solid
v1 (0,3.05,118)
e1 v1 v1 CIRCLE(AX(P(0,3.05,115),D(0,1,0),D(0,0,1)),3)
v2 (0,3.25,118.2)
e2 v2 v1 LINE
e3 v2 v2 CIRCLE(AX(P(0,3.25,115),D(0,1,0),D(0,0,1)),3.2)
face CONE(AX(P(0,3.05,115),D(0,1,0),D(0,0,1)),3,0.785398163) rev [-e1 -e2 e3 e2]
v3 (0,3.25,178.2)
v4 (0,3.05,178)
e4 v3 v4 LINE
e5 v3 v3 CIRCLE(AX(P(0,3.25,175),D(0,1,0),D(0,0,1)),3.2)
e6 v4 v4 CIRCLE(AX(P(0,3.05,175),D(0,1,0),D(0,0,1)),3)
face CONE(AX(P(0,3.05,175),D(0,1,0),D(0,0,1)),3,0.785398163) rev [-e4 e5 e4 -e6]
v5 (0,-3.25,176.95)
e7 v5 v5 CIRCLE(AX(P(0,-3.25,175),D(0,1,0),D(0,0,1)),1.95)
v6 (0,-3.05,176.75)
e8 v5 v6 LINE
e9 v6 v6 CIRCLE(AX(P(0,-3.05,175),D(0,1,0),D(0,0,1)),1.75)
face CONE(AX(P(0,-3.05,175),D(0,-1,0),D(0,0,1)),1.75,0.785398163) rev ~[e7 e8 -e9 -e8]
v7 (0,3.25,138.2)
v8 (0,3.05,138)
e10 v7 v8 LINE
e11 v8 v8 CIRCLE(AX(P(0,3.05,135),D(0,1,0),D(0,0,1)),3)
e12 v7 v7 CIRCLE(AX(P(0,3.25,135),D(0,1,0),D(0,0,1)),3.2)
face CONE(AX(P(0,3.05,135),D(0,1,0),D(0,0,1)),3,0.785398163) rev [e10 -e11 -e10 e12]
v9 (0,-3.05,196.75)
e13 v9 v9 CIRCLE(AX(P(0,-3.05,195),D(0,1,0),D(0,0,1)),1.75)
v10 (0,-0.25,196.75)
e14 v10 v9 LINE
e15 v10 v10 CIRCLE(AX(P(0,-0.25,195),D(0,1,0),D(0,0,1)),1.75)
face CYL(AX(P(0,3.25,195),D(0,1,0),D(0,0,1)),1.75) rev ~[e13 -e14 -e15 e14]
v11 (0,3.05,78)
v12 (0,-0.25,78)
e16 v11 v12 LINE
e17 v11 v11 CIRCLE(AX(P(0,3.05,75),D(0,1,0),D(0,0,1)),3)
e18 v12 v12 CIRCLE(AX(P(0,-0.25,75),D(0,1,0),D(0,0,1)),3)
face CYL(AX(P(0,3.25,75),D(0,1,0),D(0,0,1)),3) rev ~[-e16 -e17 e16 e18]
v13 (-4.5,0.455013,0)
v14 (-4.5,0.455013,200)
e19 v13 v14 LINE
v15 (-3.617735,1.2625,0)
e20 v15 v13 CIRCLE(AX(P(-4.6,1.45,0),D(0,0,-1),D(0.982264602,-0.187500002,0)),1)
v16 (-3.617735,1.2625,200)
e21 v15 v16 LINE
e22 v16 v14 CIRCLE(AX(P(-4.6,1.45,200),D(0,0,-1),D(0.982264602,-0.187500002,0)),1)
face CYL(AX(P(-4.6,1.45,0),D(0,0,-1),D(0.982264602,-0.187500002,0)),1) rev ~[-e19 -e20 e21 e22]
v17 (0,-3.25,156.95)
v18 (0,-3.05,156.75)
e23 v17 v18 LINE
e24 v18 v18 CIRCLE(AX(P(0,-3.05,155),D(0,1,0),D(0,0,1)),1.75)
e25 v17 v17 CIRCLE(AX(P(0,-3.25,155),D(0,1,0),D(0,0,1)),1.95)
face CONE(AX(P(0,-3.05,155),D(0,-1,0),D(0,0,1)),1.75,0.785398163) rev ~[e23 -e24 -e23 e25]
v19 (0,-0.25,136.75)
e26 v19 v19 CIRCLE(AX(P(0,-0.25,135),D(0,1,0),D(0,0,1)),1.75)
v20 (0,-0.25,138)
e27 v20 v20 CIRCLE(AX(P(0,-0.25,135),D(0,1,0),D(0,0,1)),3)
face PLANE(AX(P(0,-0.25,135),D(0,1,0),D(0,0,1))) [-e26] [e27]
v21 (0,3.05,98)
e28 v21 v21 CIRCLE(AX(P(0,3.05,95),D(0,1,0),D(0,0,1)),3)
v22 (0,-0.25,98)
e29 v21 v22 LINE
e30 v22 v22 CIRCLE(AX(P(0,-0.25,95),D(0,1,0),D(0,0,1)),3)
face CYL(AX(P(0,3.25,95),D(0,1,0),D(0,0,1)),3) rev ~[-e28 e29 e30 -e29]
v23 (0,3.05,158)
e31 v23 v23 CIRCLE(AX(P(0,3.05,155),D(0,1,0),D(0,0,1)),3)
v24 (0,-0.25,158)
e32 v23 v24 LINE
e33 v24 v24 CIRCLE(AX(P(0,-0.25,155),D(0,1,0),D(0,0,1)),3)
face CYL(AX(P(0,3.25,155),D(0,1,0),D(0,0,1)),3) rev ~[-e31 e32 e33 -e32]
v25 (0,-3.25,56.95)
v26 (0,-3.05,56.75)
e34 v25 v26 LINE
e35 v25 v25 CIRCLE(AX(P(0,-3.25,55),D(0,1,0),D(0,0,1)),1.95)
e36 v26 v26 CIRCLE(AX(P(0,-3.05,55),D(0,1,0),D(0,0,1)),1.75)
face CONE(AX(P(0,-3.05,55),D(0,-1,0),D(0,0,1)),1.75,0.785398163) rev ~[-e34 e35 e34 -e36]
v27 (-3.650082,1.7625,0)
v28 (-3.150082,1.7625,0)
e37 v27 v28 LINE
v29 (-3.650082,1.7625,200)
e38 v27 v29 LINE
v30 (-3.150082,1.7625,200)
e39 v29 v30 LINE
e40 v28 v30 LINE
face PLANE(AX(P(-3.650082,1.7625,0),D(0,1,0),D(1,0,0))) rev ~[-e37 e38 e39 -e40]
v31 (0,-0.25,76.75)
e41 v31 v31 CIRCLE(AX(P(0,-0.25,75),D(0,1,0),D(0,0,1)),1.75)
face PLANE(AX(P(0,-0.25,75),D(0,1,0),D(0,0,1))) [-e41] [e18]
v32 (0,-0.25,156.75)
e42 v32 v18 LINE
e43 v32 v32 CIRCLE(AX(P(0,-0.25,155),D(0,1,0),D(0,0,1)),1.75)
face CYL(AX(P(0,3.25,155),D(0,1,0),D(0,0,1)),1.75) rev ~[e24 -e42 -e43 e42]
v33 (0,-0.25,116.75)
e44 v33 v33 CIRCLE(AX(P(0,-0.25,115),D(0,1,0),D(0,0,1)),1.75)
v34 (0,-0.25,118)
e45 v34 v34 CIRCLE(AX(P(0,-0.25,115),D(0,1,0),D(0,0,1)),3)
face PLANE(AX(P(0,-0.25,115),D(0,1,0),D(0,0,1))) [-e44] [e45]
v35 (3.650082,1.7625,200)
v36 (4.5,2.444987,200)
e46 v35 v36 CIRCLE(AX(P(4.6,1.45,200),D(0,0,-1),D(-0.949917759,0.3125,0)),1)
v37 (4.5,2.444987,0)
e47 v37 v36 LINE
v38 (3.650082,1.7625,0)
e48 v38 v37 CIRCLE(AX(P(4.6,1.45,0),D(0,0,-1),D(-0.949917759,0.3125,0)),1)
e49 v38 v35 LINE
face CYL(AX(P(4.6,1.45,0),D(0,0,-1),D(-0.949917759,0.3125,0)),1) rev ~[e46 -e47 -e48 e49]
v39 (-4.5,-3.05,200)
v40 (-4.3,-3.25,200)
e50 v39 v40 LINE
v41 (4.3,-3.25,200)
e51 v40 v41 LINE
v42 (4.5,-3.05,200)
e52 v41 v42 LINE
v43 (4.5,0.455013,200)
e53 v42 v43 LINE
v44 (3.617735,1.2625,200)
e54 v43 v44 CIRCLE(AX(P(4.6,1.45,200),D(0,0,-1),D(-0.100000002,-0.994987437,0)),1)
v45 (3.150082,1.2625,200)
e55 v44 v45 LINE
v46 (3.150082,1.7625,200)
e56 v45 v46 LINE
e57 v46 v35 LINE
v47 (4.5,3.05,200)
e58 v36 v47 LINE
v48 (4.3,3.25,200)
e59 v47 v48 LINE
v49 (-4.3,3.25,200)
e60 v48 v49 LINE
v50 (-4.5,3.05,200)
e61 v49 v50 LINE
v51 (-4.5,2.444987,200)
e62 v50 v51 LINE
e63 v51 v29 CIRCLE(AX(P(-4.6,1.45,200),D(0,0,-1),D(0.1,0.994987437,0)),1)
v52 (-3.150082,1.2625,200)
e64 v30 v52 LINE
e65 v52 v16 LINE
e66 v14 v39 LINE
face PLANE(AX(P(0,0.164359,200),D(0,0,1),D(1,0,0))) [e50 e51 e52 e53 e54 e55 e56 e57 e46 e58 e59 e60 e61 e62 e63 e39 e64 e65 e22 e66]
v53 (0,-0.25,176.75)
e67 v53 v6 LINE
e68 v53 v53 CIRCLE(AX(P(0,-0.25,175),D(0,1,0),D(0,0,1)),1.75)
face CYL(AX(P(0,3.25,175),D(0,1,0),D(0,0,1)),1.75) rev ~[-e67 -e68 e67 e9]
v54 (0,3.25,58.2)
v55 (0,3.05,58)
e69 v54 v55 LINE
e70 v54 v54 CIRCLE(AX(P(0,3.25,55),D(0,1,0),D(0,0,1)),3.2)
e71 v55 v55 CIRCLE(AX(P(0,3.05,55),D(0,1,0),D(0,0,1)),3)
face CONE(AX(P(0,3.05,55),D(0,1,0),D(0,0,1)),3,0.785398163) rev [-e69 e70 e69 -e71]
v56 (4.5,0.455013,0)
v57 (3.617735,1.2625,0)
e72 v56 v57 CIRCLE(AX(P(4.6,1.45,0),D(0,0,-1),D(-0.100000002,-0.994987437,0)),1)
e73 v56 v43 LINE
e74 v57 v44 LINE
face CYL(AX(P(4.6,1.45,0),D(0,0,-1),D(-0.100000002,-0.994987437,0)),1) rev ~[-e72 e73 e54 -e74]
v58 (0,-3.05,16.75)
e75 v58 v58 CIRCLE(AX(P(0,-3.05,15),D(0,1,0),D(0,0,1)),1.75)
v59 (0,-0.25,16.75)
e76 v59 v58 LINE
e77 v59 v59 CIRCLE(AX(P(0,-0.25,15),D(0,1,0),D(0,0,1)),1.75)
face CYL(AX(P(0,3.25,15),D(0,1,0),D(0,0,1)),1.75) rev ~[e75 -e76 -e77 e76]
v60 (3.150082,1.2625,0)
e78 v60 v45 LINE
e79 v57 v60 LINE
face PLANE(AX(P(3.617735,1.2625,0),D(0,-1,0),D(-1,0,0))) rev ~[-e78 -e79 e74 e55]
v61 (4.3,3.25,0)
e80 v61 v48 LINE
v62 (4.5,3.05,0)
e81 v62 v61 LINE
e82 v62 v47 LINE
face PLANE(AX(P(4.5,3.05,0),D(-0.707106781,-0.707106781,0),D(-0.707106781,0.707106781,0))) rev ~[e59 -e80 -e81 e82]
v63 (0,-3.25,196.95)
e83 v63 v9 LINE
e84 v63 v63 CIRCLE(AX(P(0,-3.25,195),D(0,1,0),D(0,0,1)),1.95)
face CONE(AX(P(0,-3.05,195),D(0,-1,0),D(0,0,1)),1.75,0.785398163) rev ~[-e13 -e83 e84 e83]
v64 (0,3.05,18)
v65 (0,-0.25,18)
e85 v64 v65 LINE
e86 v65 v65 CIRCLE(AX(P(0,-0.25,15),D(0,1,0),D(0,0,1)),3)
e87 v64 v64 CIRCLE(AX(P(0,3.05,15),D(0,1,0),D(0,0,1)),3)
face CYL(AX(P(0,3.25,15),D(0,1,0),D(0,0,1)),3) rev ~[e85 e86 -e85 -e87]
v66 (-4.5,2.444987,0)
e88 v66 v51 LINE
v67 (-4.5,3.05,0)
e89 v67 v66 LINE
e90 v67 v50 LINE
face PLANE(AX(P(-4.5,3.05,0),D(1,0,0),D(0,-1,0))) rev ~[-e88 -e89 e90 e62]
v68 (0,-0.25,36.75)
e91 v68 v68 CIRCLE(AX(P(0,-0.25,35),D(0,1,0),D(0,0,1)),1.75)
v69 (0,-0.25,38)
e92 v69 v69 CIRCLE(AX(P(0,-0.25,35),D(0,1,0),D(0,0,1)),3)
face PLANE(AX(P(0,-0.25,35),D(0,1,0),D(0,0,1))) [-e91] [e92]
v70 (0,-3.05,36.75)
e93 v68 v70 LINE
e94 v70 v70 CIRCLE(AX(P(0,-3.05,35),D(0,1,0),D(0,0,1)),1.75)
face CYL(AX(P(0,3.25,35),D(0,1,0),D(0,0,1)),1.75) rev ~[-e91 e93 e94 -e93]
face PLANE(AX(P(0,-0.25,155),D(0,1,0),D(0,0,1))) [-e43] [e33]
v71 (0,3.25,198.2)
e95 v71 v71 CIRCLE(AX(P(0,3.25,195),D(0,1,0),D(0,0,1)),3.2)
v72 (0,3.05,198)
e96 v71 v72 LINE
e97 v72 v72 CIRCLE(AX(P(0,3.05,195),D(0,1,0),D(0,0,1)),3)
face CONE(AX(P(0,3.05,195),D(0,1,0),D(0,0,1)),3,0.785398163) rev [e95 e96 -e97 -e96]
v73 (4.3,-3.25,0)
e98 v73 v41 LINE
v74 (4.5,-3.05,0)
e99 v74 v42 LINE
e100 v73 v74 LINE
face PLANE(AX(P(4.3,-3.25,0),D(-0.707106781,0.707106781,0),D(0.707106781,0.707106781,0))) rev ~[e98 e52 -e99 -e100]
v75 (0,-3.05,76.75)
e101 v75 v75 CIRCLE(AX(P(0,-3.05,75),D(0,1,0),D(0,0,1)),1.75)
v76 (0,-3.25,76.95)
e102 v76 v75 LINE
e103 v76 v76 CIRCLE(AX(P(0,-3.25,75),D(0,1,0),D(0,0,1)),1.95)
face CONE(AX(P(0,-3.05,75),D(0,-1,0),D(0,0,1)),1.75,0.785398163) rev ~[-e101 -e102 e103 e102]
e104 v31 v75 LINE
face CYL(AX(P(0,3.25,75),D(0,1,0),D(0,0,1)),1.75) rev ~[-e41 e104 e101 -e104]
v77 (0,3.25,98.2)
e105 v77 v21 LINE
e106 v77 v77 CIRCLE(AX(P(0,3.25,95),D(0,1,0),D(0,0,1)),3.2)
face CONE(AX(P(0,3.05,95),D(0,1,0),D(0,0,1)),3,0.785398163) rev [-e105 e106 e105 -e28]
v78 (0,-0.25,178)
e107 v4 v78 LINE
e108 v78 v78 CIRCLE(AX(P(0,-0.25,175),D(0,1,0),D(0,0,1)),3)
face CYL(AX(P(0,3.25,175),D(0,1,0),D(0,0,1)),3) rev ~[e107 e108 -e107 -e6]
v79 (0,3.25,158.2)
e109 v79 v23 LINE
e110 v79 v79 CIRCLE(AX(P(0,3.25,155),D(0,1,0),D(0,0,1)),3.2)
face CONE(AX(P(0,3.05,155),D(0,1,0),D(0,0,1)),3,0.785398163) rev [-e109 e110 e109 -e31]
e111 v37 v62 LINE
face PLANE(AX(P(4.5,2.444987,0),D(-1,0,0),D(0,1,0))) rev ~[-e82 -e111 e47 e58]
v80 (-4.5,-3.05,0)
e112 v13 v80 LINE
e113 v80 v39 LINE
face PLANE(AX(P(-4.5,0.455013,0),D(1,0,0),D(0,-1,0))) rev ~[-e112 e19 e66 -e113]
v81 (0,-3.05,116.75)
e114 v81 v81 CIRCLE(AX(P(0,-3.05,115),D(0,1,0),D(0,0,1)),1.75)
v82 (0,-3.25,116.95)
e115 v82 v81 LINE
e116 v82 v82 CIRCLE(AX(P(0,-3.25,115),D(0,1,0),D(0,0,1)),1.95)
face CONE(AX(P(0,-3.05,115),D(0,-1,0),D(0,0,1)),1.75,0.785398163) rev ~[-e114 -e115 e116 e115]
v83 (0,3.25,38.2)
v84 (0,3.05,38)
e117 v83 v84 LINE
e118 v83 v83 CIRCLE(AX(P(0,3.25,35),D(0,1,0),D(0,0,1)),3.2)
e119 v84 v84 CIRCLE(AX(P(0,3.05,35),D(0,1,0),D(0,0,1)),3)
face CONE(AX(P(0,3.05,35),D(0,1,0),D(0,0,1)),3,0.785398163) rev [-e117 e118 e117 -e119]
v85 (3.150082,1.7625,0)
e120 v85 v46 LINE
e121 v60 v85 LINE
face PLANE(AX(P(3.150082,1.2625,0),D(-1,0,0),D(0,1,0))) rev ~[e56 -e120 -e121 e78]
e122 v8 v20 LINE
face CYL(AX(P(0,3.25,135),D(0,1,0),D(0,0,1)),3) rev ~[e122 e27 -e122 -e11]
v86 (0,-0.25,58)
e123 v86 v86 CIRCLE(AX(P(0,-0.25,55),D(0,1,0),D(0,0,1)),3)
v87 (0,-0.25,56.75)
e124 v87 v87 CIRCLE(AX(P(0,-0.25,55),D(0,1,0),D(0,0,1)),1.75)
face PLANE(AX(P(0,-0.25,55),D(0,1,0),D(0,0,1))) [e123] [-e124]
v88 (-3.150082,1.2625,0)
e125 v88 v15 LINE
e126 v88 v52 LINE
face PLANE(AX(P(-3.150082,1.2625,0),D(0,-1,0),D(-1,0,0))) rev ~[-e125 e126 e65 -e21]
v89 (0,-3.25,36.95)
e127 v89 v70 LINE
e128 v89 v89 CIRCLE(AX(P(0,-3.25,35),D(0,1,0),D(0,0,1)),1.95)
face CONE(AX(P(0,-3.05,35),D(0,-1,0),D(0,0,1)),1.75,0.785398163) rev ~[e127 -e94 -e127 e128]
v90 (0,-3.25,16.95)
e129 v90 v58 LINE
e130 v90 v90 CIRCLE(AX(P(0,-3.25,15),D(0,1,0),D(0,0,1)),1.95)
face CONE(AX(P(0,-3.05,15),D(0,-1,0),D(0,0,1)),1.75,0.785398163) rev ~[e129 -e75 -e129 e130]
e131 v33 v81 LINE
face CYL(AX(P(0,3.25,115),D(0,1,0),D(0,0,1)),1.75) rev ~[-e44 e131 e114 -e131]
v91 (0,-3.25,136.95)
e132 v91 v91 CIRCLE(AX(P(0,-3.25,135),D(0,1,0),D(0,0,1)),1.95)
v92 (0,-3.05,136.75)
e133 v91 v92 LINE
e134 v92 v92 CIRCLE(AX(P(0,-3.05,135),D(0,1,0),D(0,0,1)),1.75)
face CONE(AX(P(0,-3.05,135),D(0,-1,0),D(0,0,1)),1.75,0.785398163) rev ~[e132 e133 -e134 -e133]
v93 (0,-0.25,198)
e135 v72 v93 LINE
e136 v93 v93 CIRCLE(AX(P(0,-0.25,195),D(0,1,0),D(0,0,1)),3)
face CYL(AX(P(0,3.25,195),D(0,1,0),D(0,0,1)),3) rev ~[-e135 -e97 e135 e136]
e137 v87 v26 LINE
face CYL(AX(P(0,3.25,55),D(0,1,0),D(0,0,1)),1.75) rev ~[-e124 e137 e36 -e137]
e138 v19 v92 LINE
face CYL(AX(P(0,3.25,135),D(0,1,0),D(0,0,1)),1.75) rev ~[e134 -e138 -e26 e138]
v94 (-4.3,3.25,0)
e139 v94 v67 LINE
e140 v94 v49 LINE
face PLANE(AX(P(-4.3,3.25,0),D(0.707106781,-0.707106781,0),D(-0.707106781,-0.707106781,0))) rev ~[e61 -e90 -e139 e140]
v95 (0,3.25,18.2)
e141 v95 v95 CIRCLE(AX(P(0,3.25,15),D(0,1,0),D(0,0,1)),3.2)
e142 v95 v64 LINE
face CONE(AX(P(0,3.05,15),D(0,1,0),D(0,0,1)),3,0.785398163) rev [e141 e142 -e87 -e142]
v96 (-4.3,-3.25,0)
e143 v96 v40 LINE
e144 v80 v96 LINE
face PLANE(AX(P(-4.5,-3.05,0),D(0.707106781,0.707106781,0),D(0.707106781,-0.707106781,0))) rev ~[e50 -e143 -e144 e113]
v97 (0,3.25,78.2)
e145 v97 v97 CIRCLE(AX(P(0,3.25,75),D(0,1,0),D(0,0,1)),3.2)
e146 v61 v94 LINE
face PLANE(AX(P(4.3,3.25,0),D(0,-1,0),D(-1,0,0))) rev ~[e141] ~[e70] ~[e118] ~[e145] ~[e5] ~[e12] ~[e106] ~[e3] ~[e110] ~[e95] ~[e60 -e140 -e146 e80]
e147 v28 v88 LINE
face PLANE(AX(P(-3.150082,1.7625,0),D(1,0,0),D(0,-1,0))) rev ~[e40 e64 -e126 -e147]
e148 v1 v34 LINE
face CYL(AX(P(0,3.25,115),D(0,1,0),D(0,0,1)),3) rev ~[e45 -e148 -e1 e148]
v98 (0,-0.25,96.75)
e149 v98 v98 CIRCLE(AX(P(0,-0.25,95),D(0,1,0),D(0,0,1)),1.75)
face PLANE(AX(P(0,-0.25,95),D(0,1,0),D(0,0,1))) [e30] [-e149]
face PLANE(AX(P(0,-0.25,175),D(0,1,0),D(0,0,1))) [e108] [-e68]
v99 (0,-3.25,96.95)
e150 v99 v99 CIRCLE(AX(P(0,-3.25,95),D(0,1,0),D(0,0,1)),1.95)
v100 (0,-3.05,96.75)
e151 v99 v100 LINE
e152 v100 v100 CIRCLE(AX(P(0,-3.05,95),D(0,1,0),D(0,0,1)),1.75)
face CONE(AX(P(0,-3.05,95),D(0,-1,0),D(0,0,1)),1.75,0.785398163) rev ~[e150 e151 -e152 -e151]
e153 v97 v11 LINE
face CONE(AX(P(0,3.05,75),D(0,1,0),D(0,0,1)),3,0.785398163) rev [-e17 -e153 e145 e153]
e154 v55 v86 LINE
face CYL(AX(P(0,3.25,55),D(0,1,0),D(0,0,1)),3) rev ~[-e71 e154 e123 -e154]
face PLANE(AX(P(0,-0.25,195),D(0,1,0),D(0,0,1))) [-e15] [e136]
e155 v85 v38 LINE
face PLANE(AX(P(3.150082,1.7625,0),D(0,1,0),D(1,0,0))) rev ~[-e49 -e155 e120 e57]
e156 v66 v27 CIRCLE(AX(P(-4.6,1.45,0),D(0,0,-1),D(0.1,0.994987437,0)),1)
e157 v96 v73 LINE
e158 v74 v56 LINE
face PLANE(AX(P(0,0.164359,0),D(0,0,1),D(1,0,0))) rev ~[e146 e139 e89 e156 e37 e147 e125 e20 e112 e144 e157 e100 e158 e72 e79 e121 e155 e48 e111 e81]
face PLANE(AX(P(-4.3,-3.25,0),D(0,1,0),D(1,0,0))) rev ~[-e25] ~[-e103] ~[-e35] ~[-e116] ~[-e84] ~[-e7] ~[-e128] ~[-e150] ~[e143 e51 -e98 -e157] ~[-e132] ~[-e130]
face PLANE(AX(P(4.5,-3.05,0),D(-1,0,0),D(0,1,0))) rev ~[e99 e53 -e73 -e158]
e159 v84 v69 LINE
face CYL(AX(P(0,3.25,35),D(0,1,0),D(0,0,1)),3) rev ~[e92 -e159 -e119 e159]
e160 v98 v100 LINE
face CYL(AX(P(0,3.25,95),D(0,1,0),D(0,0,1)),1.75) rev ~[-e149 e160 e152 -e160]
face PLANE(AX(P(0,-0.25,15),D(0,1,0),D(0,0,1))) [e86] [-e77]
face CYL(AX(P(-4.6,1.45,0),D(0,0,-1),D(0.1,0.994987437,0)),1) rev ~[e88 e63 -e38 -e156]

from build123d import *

# Parameters (mm, degrees)
EXTRUDE1_DEPTH             = 200
EXTRUDE2_REACH             = 202.156
SKETCH2_R                  = 1.75
SKETCH_R                   = 3
SKETCH_R_2                 = 1.75
EXTRUDE4_DEPTH             = 3.5
CHAMFER1_SIZE              = 0.2
LPATTERN1_COUNT            = 10
LPATTERN1_PITCH            = 20
CHAMFER1_OF_LPATTERN1_SIZE = 0.2


with BuildPart() as part:
    # Sketch1 → Extrude1 (new body)
    with BuildSketch(Plane.XY):
        with BuildLine():
            Line((-4.3, -3.25), (4.3, -3.25))
            Line((4.3, -3.25), (4.5, -3.05))
            Line((4.5, -3.05), (4.5, 0.455012563))
            ThreePointArc((4.5, 0.455012563), (3.924845827, 0.712323349), (3.617735397, 1.2625))
            Line((3.617735397, 1.2625), (3.15008224, 1.2625))
            Line((3.15008224, 1.2625), (3.15008224, 1.7625))
            Line((3.15008224, 1.7625), (3.65008224, 1.7625))
            ThreePointArc((3.65008224, 1.7625), (3.973877727, 2.229724887), (4.5, 2.444987437))
            Line((4.5, 2.444987437), (4.5, 3.05))
            Line((4.5, 3.05), (4.3, 3.25))
            Line((4.3, 3.25), (-4.3, 3.25))
            Line((-4.3, 3.25), (-4.5, 3.05))
            Line((-4.5, 3.05), (-4.5, 2.444987437))
            ThreePointArc((-4.5, 2.444987437), (-3.973877727, 2.229724887), (-3.65008224, 1.7625))
            Line((-3.65008224, 1.7625), (-3.15008224, 1.7625))
            Line((-3.15008224, 1.7625), (-3.15008224, 1.2625))
            Line((-3.15008224, 1.2625), (-3.617735397, 1.2625))
            ThreePointArc((-3.617735397, 1.2625), (-3.924845827, 0.712323349), (-4.5, 0.455012563))
            Line((-4.5, 0.455012563), (-4.5, -3.05))
            Line((-4.5, -3.05), (-4.3, -3.25))
        make_face()
    extrude(amount=EXTRUDE1_DEPTH)

    # Sketch2 → Extrude2 (cut, up to next)
    with BuildSketch(Plane(origin=(0, 3.25, 0), x_dir=(1, 0, 0), z_dir=(0, 1, 0)), mode=Mode.PRIVATE) as extrude2_sk1:
        with Locations((0, -15)):
            Circle(SKETCH2_R)
    extrude2_tool1 = extrude(extrude2_sk1.sketch, amount=-EXTRUDE2_REACH, mode=Mode.PRIVATE) & part.part
    extrude2 = extrude2_tool1.solids().sort_by_distance((0, 3.25, 15))[0]
    add(extrude2, mode=Mode.SUBTRACT)

    # Sketch → Extrude4 (cut)
    with BuildSketch(Plane(origin=(0, 3.25, 0), x_dir=(1, 0, 0), z_dir=(0, 1, 0))):
        with Locations((0, -15)):
            Circle(SKETCH_R)
        with Locations((0, -15)):
            Circle(SKETCH_R_2, mode=Mode.SUBTRACT)
    extrude4 = extrude(amount=-EXTRUDE4_DEPTH, mode=Mode.SUBTRACT)

    # Chamfer1
    chamfer1_edges = [part.edges().sort_by_distance(p)[0] for p in [
        (-1.75, -3.25, 15),
        (-3, 3.25, 15),
    ]]
    chamfer(chamfer1_edges, length=CHAMFER1_SIZE)

    # LPattern1: Extrude2, Extrude4 ×10
    with Locations(*[(0, 0, i * LPATTERN1_PITCH) for i in range(1, LPATTERN1_COUNT)]):
        add(extrude2, mode=Mode.SUBTRACT)
        add(extrude4, mode=Mode.SUBTRACT)

    # Chamfer1 of LPattern1
    chamfer1_of_lpattern1_edges = [part.edges().sort_by_distance(p)[0] for p in [
        (-1.75, -3.25, 35),
        (-3, 3.25, 35),
        (-1.75, -3.25, 55),
        (-3, 3.25, 55),
        (-1.75, -3.25, 75),
        (-3, 3.25, 75),
        (-1.75, -3.25, 95),
        (-3, 3.25, 95),
        (-1.75, -3.25, 115),
        (-3, 3.25, 115),
        (-1.75, -3.25, 135),
        (-3, 3.25, 135),
        (-1.75, -3.25, 155),
        (-3, 3.25, 155),
        (-1.75, -3.25, 175),
        (-3, 3.25, 175),
        (-1.75, -3.25, 195),
        (-3, 3.25, 195),
    ]]
    chamfer(chamfer1_of_lpattern1_edges, length=CHAMFER1_OF_LPATTERN1_SIZE)


solid = part.part
